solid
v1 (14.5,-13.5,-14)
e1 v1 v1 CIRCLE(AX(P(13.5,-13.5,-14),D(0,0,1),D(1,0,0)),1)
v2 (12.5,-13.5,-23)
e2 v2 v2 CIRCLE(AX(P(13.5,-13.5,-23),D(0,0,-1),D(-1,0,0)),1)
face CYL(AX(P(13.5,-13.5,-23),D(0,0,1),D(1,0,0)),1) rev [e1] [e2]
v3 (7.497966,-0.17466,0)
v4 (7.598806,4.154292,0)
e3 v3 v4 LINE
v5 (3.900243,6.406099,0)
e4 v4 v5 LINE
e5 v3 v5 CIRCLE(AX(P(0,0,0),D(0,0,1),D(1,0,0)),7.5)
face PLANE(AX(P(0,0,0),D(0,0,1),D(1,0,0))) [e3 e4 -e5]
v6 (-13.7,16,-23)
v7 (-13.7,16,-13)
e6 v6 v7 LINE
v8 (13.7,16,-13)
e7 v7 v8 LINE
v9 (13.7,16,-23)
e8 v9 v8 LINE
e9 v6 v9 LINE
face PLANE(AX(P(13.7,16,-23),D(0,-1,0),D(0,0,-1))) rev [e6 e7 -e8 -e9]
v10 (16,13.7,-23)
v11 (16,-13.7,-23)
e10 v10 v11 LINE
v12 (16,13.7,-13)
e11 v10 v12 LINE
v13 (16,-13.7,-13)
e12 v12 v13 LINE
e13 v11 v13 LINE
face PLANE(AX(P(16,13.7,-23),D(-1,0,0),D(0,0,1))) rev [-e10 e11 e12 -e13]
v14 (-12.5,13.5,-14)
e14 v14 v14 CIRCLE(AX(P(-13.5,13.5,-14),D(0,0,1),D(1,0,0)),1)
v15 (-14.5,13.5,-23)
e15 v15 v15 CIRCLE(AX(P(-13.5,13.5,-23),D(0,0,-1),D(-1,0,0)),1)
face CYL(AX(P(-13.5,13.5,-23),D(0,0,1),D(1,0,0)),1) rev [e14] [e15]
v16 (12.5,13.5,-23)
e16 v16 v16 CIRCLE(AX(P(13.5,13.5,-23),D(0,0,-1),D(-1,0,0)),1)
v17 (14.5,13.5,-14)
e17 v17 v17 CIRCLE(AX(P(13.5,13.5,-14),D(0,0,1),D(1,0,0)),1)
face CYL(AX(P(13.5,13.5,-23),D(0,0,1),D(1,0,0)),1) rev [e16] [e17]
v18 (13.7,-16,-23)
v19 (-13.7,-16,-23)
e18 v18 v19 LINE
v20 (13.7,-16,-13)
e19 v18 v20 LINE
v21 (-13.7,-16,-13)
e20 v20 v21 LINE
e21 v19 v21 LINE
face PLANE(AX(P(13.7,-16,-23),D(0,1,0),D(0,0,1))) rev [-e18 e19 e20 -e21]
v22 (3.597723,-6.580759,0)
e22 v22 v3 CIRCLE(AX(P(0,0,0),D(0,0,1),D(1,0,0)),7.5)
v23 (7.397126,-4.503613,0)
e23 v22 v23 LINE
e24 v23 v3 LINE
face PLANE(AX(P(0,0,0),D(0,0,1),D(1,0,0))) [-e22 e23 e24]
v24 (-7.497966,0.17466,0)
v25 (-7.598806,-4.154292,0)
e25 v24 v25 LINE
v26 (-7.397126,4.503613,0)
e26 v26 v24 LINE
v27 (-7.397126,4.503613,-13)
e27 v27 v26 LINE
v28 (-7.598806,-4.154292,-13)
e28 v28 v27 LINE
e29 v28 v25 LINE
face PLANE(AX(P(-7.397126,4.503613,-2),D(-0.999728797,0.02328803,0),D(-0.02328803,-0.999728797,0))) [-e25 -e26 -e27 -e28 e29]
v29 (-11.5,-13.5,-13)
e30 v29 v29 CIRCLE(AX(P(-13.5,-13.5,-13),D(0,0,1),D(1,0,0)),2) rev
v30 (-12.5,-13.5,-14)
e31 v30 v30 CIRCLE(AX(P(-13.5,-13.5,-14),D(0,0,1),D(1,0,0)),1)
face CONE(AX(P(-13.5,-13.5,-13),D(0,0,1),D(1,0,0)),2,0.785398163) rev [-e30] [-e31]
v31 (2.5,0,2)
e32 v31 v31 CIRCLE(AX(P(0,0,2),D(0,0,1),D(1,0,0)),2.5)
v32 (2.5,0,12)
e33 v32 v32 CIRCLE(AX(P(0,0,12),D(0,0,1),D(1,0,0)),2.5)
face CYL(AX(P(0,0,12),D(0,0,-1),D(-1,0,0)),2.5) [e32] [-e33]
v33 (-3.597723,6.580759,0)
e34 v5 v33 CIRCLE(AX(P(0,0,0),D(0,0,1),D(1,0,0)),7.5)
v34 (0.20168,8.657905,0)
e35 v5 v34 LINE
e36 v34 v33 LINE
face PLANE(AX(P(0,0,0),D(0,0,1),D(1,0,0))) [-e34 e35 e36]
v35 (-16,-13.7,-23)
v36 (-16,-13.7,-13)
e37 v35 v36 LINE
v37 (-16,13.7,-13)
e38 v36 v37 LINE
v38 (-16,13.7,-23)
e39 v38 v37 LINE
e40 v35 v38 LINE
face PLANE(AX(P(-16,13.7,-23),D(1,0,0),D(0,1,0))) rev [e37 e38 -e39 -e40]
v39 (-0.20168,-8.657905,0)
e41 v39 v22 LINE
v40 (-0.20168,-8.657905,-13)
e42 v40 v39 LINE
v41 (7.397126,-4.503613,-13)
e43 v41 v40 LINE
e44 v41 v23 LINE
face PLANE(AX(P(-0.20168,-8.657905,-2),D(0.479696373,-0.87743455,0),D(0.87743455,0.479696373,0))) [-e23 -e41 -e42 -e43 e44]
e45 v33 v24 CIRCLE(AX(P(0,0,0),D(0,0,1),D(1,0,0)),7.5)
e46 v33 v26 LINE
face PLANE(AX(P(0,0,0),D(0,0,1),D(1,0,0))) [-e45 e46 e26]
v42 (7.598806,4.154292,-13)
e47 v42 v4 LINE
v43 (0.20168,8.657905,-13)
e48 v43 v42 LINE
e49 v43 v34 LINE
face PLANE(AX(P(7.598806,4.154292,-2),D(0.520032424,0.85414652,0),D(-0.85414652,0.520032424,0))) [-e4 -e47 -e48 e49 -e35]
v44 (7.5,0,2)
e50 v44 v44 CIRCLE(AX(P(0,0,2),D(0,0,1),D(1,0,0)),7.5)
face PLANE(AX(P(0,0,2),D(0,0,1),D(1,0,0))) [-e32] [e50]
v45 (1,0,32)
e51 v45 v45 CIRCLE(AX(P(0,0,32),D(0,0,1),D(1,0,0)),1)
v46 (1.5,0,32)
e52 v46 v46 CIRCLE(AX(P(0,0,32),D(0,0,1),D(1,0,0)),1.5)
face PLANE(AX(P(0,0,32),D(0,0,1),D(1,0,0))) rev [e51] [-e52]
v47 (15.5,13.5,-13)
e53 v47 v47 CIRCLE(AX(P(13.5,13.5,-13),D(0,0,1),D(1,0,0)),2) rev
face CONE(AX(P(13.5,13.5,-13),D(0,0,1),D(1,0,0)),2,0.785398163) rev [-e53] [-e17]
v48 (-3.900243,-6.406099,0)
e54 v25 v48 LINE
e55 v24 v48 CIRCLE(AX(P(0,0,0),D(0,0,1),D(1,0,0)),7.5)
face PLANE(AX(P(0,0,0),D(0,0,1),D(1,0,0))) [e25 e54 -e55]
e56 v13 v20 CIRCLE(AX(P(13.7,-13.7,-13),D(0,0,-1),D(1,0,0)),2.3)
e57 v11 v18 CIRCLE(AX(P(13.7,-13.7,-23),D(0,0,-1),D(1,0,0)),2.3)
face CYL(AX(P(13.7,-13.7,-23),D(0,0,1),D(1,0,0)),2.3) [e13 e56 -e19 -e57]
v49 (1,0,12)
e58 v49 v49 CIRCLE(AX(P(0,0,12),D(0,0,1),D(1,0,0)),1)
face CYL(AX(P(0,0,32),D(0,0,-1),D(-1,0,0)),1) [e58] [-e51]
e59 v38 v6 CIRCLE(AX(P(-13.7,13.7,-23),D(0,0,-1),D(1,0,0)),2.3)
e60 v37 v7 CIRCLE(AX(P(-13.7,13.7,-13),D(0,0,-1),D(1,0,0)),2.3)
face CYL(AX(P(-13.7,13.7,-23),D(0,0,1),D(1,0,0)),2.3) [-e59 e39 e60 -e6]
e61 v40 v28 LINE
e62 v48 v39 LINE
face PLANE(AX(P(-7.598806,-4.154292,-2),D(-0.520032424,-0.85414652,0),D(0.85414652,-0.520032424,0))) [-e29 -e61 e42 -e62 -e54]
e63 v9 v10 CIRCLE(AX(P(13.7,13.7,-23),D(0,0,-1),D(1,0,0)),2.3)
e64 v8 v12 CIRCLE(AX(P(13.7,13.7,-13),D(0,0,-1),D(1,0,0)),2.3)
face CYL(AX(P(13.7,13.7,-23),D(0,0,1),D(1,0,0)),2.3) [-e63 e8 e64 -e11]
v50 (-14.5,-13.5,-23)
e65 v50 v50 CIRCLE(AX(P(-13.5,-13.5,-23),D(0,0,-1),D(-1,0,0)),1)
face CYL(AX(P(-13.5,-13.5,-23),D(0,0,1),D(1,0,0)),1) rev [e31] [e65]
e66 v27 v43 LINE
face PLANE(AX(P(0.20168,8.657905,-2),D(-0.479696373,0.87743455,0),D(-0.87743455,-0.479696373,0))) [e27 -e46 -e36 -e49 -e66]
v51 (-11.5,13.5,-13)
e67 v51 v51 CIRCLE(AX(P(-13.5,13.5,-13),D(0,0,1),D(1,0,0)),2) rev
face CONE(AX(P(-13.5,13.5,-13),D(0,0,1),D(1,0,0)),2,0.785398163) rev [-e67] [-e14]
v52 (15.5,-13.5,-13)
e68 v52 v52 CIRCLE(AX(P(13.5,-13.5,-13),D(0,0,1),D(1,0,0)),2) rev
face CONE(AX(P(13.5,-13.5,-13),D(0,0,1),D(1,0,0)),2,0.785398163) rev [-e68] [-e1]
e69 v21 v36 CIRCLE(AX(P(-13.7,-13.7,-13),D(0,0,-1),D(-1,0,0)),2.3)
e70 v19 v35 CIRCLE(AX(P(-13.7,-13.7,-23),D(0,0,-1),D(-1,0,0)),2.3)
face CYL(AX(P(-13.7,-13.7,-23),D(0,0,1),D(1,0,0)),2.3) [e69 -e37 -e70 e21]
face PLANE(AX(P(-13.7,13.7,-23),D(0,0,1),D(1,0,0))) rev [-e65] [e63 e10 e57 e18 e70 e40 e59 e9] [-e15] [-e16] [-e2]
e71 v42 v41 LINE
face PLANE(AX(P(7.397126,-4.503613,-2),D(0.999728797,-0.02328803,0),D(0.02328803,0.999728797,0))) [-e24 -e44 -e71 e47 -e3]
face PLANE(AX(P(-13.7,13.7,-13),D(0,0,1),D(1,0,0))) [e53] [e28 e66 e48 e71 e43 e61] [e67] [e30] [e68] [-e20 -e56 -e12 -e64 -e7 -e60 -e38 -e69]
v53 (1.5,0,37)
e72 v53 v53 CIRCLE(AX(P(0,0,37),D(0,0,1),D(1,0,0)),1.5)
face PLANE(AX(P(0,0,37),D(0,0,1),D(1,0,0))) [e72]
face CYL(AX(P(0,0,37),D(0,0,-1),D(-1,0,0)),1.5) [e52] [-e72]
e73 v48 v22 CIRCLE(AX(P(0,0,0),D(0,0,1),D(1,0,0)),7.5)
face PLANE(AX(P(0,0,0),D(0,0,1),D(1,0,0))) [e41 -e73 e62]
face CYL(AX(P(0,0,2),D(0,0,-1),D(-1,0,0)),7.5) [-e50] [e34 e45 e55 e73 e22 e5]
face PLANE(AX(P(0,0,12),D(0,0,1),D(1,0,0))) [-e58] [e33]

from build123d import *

# Parameters (mm, degrees)
BOSS_EXTRUDE1_DEPTH = 2
SKETCH2_R           = 7.5
BOSS_EXTRUDE2_DEPTH = 2
SKETCH3_R           = 2.5
BOSS_EXTRUDE3_DEPTH = 10
SKETCH4_R           = 1
BOSS_EXTRUDE4_DEPTH = 20
SKETCH5_R           = 1.5
BOSS_EXTRUDE5_DEPTH = 5
BOSS_EXTRUDE6_DEPTH = 11
SKETCH7_R           = 1
BOSS_EXTRUDE7_DEPTH = 10
CHAMFER1_SIZE       = 1


with BuildPart() as part:
    # Sketch1 → Boss-Extrude1 (new body)
    with BuildSketch(Plane.XY):
        Polygon((7.397125851, -4.5036129), (7.598806105, 4.154292452), (0.201680255, 8.657905351), (-7.397125851, 4.5036129), (-7.598806105, -4.154292452), (-0.201680255, -8.657905351), align=None)
    extrude(amount=-BOSS_EXTRUDE1_DEPTH)

    # Sketch2 → Boss-Extrude2 (add)
    with BuildSketch(Plane.XY):
        with Locations(Location((0, 0, 0), (0, 0, 178.665573541))):
            Circle(SKETCH2_R)
    extrude(amount=BOSS_EXTRUDE2_DEPTH)

    # Sketch3 → Boss-Extrude3 (add)
    with BuildSketch(Plane.XY.offset(2)):
        Circle(SKETCH3_R)
    extrude(amount=BOSS_EXTRUDE3_DEPTH)

    # Sketch4 → Boss-Extrude4 (add)
    with BuildSketch(Plane.XY.offset(12)):
        Circle(SKETCH4_R)
    extrude(amount=BOSS_EXTRUDE4_DEPTH)

    # Sketch5 → Boss-Extrude5 (add)
    with BuildSketch(Plane.XY.offset(32)):
        Circle(SKETCH5_R)
    extrude(amount=BOSS_EXTRUDE5_DEPTH)

    # Sketch6 → Boss-Extrude6 (add)
    with BuildSketch(Plane(origin=(0, 0, -2), x_dir=(-1, 0, 0), z_dir=(0, 0, -1))):
        Polygon((-7.598806105, 4.154292452), (-0.201680255, 8.657905351), (7.397125851, 4.5036129), (7.598806105, -4.154292452), (0.201680255, -8.657905351), (-7.397125851, -4.5036129), align=None)
    extrude(amount=BOSS_EXTRUDE6_DEPTH)

    # Sketch7 → Boss-Extrude7 (add)
    with BuildSketch(Plane(origin=(0, 0, -13), x_dir=(-1, 0, 0), z_dir=(0, 0, -1))):
        with BuildLine():
            Line((-13.7, 16), (13.7, 16))
            ThreePointArc((13.7, 16), (15.326345597, 15.326345597), (16, 13.7))
            Line((16, 13.7), (16, -13.7))
            ThreePointArc((16, -13.7), (15.326345597, -15.326345597), (13.7, -16))
            Line((13.7, -16), (-13.7, -16))
            ThreePointArc((-13.7, -16), (-15.326345597, -15.326345597), (-16, -13.7))
            Line((-16, -13.7), (-16, 13.7))
            ThreePointArc((-16, 13.7), (-15.326345597, 15.326345597), (-13.7, 16))
        make_face()
        with Locations((-13.5, 13.5)):
            Circle(SKETCH7_R, mode=Mode.SUBTRACT)
        with Locations((13.5, 13.5)):
            Circle(SKETCH7_R, mode=Mode.SUBTRACT)
        with Locations((13.5, -13.5)):
            Circle(SKETCH7_R, mode=Mode.SUBTRACT)
        with Locations((-13.5, -13.5)):
            Circle(SKETCH7_R, mode=Mode.SUBTRACT)
    extrude(amount=BOSS_EXTRUDE7_DEPTH)

    # Chamfer1
    chamfer1_edges = [part.edges().sort_by_distance(p)[0] for p in [
        (-12.5, -13.5, -13),
        (14.5, 13.5, -13),
        (-12.5, 13.5, -13),
        (14.5, -13.5, -13),
    ]]
    chamfer(chamfer1_edges, length=CHAMFER1_SIZE)


solid = part.part
